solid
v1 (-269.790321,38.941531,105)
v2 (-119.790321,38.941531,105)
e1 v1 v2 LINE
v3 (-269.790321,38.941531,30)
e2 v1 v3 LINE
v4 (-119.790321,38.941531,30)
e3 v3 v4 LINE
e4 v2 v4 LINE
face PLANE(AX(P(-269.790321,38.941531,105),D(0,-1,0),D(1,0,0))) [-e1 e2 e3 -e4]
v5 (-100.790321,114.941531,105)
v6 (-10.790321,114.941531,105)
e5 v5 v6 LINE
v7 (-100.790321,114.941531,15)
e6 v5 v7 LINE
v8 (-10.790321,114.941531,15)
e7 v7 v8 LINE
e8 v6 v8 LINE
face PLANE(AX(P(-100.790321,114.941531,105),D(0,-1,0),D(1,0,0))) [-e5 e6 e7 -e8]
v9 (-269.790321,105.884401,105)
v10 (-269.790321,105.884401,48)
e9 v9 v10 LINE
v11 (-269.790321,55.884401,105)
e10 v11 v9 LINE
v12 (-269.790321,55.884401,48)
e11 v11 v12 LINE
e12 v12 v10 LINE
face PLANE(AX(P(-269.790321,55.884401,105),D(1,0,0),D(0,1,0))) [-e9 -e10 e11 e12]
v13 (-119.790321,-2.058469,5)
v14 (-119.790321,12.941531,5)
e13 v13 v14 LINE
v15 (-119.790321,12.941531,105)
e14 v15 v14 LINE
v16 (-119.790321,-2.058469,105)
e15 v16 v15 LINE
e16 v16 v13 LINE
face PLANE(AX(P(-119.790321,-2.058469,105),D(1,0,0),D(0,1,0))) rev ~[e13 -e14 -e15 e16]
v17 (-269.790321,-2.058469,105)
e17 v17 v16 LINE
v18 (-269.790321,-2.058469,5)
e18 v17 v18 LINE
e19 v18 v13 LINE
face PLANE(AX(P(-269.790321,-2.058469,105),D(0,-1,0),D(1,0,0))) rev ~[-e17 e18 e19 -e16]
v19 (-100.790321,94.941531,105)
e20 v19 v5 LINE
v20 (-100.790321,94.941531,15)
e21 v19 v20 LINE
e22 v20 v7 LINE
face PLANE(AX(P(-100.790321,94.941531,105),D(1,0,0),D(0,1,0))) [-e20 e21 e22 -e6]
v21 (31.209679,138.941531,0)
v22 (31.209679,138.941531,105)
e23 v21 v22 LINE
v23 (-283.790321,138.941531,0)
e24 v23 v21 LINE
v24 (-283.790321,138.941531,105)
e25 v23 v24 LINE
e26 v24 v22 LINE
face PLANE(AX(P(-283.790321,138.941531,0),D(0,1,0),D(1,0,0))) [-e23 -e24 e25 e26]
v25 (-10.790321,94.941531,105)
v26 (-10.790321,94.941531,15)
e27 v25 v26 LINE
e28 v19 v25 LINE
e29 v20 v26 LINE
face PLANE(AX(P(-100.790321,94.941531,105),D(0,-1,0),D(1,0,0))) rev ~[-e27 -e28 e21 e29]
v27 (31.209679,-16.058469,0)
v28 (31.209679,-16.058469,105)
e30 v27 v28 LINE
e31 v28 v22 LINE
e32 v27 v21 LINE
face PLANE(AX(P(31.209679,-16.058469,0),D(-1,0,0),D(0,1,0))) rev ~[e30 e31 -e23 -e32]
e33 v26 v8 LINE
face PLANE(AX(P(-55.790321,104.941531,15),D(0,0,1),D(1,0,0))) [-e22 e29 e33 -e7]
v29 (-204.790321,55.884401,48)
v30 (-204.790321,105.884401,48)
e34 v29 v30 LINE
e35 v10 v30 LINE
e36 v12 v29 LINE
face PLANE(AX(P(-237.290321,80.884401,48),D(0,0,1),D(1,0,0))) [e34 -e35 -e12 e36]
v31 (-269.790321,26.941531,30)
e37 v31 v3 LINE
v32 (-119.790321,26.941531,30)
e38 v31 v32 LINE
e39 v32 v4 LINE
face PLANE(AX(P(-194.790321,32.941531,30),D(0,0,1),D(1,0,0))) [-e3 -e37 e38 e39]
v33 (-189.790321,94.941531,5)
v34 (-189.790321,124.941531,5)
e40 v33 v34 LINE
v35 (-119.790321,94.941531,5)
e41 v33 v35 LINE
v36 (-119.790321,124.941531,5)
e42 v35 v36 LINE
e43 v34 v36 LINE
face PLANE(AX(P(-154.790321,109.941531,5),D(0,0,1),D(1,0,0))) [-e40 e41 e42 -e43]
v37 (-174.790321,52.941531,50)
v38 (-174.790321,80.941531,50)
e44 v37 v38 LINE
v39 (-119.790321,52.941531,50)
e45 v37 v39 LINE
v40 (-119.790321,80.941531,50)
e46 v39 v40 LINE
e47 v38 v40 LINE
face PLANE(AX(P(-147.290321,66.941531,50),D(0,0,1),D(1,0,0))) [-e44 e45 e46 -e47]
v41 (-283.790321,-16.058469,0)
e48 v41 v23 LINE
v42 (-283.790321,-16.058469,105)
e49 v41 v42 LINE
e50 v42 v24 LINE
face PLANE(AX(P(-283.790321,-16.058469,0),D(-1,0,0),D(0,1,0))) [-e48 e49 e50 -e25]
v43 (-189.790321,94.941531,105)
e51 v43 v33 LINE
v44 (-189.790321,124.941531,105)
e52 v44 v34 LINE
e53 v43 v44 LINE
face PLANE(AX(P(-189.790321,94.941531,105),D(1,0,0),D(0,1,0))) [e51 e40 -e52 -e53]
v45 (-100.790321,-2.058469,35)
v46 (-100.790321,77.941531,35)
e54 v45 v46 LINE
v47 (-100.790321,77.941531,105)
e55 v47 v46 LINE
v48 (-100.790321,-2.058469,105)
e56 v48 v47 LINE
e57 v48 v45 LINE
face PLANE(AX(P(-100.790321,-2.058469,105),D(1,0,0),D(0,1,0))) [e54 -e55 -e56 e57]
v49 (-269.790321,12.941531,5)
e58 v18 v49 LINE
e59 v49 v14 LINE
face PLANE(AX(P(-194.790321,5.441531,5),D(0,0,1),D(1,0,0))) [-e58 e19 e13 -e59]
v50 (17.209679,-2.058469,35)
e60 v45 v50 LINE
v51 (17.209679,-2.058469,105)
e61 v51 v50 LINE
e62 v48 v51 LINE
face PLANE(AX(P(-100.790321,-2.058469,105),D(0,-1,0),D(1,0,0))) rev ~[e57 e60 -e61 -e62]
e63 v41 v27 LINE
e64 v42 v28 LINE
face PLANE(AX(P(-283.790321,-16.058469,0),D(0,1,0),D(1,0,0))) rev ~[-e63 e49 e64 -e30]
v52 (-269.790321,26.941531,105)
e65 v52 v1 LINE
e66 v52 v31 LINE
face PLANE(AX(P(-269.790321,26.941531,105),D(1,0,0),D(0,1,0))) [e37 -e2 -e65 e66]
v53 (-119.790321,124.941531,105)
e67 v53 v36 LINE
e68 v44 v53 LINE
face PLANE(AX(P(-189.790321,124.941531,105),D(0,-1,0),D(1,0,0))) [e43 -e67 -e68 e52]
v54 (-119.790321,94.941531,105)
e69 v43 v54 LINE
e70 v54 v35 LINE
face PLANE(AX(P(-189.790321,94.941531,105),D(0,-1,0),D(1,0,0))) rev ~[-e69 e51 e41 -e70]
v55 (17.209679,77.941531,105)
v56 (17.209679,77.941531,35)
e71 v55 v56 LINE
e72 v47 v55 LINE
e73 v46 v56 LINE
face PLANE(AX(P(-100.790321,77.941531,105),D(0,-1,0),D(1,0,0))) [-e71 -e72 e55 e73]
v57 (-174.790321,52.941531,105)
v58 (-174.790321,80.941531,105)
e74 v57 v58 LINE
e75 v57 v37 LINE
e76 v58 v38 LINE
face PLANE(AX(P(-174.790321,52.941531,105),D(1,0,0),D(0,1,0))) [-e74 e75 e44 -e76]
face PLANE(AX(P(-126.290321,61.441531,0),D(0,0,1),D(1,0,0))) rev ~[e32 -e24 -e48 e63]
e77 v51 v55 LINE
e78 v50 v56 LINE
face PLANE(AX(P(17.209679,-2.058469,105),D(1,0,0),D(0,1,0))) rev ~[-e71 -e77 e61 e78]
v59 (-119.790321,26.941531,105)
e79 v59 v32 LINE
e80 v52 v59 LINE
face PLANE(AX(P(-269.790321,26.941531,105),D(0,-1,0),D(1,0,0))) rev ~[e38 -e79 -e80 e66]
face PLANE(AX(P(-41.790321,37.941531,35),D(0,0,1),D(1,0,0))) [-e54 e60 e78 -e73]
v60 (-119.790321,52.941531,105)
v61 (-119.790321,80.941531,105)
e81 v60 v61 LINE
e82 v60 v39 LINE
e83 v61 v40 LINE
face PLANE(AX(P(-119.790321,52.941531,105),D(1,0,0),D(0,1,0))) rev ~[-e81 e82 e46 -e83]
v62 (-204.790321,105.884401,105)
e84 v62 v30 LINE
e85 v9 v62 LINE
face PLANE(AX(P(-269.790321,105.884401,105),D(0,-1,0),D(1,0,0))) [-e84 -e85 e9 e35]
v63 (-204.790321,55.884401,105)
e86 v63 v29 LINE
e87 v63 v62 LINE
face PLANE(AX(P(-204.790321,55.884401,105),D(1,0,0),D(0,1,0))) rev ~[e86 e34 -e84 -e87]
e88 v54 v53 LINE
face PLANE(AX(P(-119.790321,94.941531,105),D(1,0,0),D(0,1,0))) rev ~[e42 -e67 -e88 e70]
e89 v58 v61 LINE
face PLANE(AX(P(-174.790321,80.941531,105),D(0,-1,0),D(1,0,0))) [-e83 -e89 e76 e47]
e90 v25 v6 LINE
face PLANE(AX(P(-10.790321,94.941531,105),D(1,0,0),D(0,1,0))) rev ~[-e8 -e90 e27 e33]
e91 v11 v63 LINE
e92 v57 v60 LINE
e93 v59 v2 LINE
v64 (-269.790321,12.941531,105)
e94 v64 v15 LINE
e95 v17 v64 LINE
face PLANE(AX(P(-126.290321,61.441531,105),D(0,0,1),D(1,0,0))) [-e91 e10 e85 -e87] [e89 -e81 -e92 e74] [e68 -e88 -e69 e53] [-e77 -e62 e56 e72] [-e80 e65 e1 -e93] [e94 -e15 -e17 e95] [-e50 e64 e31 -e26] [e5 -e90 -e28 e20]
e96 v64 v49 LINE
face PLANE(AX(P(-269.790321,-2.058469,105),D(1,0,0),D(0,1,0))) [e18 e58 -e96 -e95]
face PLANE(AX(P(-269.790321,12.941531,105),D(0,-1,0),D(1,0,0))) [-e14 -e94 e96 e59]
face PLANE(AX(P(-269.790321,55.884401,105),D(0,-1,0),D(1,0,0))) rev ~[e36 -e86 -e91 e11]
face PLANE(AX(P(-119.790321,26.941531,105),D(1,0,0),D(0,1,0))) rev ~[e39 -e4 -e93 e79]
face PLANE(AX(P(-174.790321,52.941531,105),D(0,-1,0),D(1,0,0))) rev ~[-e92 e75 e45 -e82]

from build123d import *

# Parameters (mm, degrees)
F0_W      = 315
F0_H      = 155
F1_DEPTH  = 105
F2_W      = 118
F2_H      = 80
F3_DEPTH  = 70
F4_W      = 65
F4_H      = 50
F5_DEPTH  = 57
F6_W      = 150
F6_H      = 15
F7_DEPTH  = 100
F8_W      = 150
F8_H      = 12
F9_DEPTH  = 75
F10_W     = 55
F10_H     = 28
F11_DEPTH = 55
F12_W     = 70
F12_H     = 30
F13_DEPTH = 100
F14_W     = 90
F14_H     = 20
F15_DEPTH = 90


with BuildPart() as f1:
    # F0 (on Top) → F1 (new body)
    with BuildSketch(Plane.XY):
        with Locations((-126.290321, 61.441531)):
            Rectangle(F0_W, F0_H)
    extrude(amount=F1_DEPTH)

    # F2 (on face) → F3 (cut)
    with BuildSketch(Plane.XY.offset(105)):
        with Locations((-41.790321, 37.941531)):
            Rectangle(F2_W, F2_H)
    extrude(amount=-F3_DEPTH, mode=Mode.SUBTRACT)

    # F4 (on face) → F5 (cut)
    with BuildSketch(Plane.XY.offset(105)):
        with Locations((-237.290321, 80.884401)):
            Rectangle(F4_W, F4_H)
    extrude(amount=-F5_DEPTH, mode=Mode.SUBTRACT)

    # F6 (on face) → F7 (cut)
    with BuildSketch(Plane.XY.offset(105)):
        with Locations((-194.790321, 5.441531)):
            Rectangle(F6_W, F6_H)
    extrude(amount=-F7_DEPTH, mode=Mode.SUBTRACT)

    # F8 (on face) → F9 (cut)
    with BuildSketch(Plane.XY.offset(105)):
        with Locations((-194.790321, 32.941531)):
            Rectangle(F8_W, F8_H)
    extrude(amount=-F9_DEPTH, mode=Mode.SUBTRACT)

    # F10 (on face) → F11 (cut)
    with BuildSketch(Plane.XY.offset(105)):
        with Locations((-147.290321, 66.941531)):
            Rectangle(F10_W, F10_H)
    extrude(amount=-F11_DEPTH, mode=Mode.SUBTRACT)

    # F12 (on face) → F13 (cut)
    with BuildSketch(Plane.XY.offset(105)):
        with Locations((-154.790321, 109.941531)):
            Rectangle(F12_W, F12_H)
    extrude(amount=-F13_DEPTH, mode=Mode.SUBTRACT)

    # F14 (on face) → F15 (cut)
    with BuildSketch(Plane.XY.offset(105)):
        with Locations((-55.790321, 104.941531)):
            Rectangle(F14_W, F14_H)
    extrude(amount=-F15_DEPTH, mode=Mode.SUBTRACT)


solid = f1.part
